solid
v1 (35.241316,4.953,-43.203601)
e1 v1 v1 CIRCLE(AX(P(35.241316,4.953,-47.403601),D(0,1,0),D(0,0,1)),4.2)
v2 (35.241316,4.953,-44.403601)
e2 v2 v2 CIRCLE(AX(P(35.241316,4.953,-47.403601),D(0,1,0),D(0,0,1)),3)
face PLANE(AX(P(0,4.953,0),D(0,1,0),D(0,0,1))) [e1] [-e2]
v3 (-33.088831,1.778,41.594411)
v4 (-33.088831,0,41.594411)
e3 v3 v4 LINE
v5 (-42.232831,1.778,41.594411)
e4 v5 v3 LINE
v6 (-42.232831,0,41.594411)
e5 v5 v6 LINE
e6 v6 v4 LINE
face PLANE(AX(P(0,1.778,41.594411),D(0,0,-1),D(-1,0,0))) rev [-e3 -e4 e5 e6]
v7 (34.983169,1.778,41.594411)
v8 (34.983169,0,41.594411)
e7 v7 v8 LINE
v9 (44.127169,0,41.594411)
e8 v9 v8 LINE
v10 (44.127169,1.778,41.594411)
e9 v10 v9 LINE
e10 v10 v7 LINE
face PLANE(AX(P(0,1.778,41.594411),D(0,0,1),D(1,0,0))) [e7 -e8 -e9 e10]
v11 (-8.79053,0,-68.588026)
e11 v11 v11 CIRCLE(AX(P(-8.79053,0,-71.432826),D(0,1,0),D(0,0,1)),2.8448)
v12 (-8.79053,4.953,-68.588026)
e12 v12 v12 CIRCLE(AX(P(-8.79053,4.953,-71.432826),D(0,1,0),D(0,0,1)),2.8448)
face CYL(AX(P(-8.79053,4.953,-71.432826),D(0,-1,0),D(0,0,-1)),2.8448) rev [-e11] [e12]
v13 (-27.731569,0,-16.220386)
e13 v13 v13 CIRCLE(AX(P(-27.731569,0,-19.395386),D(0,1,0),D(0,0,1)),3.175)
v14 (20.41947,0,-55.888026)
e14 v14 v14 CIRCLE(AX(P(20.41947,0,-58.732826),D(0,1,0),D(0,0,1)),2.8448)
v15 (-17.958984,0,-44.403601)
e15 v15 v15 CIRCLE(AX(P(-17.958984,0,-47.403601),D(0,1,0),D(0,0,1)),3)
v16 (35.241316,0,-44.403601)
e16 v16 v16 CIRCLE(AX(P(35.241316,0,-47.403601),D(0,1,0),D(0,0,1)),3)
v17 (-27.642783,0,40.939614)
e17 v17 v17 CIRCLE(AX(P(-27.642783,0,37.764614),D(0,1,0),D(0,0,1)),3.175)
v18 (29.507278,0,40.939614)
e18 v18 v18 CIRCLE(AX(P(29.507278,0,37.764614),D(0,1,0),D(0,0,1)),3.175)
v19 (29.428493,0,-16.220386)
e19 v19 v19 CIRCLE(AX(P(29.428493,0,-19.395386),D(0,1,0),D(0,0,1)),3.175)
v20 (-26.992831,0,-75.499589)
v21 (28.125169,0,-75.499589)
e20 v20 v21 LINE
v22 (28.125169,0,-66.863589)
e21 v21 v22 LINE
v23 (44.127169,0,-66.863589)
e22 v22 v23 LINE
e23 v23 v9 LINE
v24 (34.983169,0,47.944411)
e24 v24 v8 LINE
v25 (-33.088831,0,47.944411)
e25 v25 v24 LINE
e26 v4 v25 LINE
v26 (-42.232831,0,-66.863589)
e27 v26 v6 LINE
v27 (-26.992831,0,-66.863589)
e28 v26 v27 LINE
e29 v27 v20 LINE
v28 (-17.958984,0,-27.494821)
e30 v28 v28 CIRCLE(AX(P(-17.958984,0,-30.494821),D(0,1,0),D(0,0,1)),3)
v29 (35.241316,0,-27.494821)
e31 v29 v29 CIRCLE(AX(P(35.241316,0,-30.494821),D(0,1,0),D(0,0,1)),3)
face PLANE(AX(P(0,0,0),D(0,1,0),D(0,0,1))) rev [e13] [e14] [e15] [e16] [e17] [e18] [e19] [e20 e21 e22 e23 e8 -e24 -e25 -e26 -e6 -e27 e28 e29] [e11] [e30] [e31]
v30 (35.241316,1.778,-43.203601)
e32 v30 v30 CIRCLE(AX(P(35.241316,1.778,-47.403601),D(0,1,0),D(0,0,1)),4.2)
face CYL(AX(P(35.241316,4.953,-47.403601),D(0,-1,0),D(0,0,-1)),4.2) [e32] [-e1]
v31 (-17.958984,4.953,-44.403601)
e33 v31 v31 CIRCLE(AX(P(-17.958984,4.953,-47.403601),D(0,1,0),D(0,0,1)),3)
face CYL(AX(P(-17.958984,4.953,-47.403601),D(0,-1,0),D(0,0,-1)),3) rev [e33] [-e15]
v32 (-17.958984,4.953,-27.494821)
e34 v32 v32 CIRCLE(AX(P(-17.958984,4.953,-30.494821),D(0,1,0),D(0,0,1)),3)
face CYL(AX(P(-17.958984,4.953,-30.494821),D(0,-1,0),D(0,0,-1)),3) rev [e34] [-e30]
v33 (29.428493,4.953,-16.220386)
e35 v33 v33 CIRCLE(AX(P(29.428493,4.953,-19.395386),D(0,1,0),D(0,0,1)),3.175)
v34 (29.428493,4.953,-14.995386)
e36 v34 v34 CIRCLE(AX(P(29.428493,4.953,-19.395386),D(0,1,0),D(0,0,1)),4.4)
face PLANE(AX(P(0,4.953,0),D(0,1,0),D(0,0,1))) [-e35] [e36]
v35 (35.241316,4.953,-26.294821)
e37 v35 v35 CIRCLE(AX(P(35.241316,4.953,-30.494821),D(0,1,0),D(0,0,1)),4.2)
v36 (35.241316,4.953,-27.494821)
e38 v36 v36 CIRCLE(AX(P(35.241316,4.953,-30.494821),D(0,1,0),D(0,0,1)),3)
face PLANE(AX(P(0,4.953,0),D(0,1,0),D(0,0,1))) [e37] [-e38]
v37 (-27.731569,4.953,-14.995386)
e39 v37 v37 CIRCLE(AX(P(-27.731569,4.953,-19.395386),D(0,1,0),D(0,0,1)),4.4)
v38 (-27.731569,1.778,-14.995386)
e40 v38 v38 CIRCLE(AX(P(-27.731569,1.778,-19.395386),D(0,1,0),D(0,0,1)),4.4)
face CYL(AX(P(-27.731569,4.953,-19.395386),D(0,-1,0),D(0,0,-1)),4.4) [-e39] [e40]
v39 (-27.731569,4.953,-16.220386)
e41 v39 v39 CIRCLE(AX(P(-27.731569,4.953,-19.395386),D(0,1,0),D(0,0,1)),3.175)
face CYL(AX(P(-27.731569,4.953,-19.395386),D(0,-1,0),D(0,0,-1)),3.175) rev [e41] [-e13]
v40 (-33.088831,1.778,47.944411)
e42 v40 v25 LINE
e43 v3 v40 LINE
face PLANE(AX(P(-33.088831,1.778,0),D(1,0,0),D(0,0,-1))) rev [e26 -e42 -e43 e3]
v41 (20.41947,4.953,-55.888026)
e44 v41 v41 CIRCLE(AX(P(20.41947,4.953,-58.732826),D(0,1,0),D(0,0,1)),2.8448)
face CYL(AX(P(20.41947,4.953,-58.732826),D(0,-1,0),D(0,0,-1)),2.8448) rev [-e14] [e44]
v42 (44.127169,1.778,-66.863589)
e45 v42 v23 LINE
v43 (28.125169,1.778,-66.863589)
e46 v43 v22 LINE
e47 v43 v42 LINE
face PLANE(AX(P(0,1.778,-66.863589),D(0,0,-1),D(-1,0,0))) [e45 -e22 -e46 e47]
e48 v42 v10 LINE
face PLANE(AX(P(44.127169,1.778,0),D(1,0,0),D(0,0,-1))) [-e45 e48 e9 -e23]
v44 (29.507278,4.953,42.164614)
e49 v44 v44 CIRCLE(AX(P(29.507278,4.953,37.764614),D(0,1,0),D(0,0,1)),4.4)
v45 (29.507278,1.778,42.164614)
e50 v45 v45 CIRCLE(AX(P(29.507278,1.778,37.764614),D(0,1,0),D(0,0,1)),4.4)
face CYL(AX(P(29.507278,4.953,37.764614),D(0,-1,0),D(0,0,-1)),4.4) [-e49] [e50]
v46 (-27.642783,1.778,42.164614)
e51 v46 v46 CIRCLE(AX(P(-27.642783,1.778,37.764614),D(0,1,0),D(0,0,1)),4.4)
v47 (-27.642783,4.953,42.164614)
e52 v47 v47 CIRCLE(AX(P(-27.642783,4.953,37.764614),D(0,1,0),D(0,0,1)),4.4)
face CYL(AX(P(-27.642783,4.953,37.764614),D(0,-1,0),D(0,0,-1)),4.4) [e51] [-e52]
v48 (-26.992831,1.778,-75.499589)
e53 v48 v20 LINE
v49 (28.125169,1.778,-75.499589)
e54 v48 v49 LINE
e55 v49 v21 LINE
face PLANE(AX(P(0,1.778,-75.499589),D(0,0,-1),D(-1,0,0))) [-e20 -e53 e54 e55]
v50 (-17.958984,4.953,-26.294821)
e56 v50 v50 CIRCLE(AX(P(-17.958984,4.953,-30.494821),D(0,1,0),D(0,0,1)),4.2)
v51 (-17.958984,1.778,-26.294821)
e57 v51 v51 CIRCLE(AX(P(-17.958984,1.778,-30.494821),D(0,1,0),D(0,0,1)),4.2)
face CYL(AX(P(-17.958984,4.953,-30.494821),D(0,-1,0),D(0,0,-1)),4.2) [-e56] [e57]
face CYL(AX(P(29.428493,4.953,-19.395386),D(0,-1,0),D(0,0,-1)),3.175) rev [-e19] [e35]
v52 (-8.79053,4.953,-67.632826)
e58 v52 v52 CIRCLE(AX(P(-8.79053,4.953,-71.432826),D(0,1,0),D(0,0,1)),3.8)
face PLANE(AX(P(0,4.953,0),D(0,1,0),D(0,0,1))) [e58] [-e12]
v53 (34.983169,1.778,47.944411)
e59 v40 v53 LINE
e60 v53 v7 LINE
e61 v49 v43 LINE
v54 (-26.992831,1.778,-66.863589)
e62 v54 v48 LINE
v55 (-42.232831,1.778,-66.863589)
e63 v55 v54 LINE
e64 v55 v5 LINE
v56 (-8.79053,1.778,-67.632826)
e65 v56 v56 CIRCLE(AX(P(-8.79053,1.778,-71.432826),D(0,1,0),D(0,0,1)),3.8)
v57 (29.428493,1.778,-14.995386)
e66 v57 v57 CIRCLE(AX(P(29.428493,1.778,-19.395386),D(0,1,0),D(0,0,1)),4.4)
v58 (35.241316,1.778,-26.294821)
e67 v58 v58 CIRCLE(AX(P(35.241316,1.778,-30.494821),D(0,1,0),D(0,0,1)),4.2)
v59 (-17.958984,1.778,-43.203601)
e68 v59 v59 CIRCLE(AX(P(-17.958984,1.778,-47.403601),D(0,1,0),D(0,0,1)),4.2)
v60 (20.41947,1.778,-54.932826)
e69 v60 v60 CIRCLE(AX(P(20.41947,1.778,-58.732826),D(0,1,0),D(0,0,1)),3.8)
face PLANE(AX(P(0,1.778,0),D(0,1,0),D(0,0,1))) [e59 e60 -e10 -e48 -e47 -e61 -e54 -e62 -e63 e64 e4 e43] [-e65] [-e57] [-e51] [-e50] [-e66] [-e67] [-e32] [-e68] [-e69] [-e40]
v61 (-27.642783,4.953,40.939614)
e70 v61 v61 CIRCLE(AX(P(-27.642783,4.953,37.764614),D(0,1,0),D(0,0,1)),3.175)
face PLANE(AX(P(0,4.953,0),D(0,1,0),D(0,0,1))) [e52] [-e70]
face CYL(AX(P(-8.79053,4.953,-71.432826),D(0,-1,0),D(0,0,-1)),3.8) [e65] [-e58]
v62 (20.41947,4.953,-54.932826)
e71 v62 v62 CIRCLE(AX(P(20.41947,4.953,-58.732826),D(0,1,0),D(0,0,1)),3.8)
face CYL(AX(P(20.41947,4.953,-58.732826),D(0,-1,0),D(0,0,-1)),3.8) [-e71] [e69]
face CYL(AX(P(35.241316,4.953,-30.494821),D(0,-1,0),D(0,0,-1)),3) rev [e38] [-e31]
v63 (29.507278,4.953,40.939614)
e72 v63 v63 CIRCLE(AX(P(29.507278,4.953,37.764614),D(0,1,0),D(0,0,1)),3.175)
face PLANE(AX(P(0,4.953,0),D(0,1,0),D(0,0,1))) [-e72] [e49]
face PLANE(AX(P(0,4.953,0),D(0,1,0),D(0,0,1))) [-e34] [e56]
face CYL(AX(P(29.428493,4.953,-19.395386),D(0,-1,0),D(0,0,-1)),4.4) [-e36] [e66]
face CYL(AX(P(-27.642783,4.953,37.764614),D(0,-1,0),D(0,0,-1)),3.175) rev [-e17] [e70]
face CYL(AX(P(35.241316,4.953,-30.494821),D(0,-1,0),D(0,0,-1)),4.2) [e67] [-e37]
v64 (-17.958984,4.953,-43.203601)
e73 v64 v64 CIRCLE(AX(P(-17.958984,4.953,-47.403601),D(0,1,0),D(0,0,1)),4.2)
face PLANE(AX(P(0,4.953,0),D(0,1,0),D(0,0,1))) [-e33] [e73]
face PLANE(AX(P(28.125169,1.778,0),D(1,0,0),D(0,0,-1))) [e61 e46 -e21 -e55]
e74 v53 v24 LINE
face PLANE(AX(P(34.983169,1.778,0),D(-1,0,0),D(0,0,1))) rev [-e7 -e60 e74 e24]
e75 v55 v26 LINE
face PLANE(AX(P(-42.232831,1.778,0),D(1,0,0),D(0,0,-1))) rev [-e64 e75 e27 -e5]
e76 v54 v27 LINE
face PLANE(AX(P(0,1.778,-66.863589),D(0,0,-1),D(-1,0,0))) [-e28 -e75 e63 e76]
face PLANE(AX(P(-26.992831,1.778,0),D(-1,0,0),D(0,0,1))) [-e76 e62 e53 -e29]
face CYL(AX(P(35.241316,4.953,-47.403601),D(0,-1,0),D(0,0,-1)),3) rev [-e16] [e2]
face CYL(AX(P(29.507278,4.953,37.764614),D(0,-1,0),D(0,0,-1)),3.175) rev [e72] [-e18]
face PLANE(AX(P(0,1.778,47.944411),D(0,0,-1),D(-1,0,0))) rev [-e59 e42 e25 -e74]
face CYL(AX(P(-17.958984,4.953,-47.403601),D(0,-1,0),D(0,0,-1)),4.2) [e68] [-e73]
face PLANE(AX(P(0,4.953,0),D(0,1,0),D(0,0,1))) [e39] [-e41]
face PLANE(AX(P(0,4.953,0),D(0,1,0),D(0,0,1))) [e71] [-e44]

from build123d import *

# Parameters (mm, degrees)
SKETCH1_R           = 4.4
SKETCH1_R_2         = 4.2
SKETCH1_R_3         = 3.8
BOSS_EXTRUDE2_DEPTH = 1.778
SKETCH1_4_R         = 4.2
SKETCH1_4_R_2       = 3
SKETCH1_4_R_3       = 4.4
SKETCH1_4_R_4       = 3.175
SKETCH1_4_R_5       = 3.8
SKETCH1_4_R_6       = 2.8448
BOSS_EXTRUDE3_DEPTH = 4.953


with BuildPart() as part:
    # Sketch1 → Boss-Extrude2 (new body)
    with BuildSketch(Plane(origin=(0, 0, 0), x_dir=(1, 0, 0), z_dir=(0, 1, 0))):
        Polygon((-42.232830982, -41.594410903), (-33.088830982, -41.594410903), (-33.088830982, -47.944410903), (34.983169018, -47.944410903), (34.983169018, -41.594410903), (44.127169018, -41.594410903), (44.127169018, 66.863589097), (43.365169018, 66.863589097), (28.125169018, 66.863589097), (28.125169018, 75.499589097), (-26.992830982, 75.499589097), (-26.992830982, 66.863589097), (-42.232830982, 66.863589097), align=None)
        with Locations(Location((-27.642783289, -37.764613693, 0), (0, 0, 270))):
            Circle(SKETCH1_R, mode=Mode.SUBTRACT)
        with Locations(Location((29.507278107, -37.764613693, 0), (0, 0, 270))):
            Circle(SKETCH1_R, mode=Mode.SUBTRACT)
        with Locations(Location((-27.731568772, 19.395386307, 0), (0, 0, 270))):
            Circle(SKETCH1_R, mode=Mode.SUBTRACT)
        with Locations(Location((-17.958983642, 30.494821479, 0), (0, 0, 270))):
            Circle(SKETCH1_R_2, mode=Mode.SUBTRACT)
        with Locations(Location((-17.958983642, 47.403601479, 0), (0, 0, 270))):
            Circle(SKETCH1_R_2, mode=Mode.SUBTRACT)
        with Locations(Location((-8.7905296, 71.432825816, 0), (0, 0, 270))):
            Circle(SKETCH1_R_3, mode=Mode.SUBTRACT)
        with Locations(Location((29.428492634, 19.395386307, 0), (0, 0, 270))):
            Circle(SKETCH1_R, mode=Mode.SUBTRACT)
        with Locations(Location((35.241316358, 30.494821479, 0), (0, 0, 270))):
            Circle(SKETCH1_R_2, mode=Mode.SUBTRACT)
        with Locations(Location((20.4194704, 58.732825816, 0), (0, 0, 270))):
            Circle(SKETCH1_R_3, mode=Mode.SUBTRACT)
        with Locations(Location((35.241316358, 47.403601479, 0), (0, 0, 270))):
            Circle(SKETCH1_R_2, mode=Mode.SUBTRACT)
    extrude(amount=BOSS_EXTRUDE2_DEPTH)

    # Sketch1<4> → Boss-Extrude3 (add)
    # profile 1 of 10: a face of its own
    with BuildSketch(Plane(origin=(0, 0, 0), x_dir=(1, 0, 0), z_dir=(0, 1, 0))):
        with Locations(Location((-17.958983642, 47.403601479, 0), (0, 0, 270))):
            Circle(SKETCH1_4_R)
        with Locations(Location((-17.958983642, 47.403601479, 0), (0, 0, 270))):
            Circle(SKETCH1_4_R_2, mode=Mode.SUBTRACT)
    # profile 2 of 10: a face of its own
    with BuildSketch(Plane(origin=(0, 0, 0), x_dir=(1, 0, 0), z_dir=(0, 1, 0))):
        with Locations(Location((-17.958983642, 30.494821479, 0), (0, 0, 270))):
            Circle(SKETCH1_4_R)
        with Locations(Location((-17.958983642, 30.494821479, 0), (0, 0, 270))):
            Circle(SKETCH1_4_R_2, mode=Mode.SUBTRACT)
    # profile 3 of 10: a face of its own
    with BuildSketch(Plane(origin=(0, 0, 0), x_dir=(1, 0, 0), z_dir=(0, 1, 0))):
        with Locations(Location((35.241316358, 47.403601479, 0), (0, 0, 270))):
            Circle(SKETCH1_4_R)
        with Locations(Location((35.241316358, 47.403601479, 0), (0, 0, 270))):
            Circle(SKETCH1_4_R_2, mode=Mode.SUBTRACT)
    # profile 4 of 10: a face of its own
    with BuildSketch(Plane(origin=(0, 0, 0), x_dir=(1, 0, 0), z_dir=(0, 1, 0))):
        with Locations(Location((35.241316358, 30.494821479, 0), (0, 0, 270))):
            Circle(SKETCH1_4_R)
        with Locations(Location((35.241316358, 30.494821479, 0), (0, 0, 270))):
            Circle(SKETCH1_4_R_2, mode=Mode.SUBTRACT)
    # profile 5 of 10: a face of its own
    with BuildSketch(Plane(origin=(0, 0, 0), x_dir=(1, 0, 0), z_dir=(0, 1, 0))):
        with Locations(Location((-27.731568772, 19.395386307, 0), (0, 0, 270))):
            Circle(SKETCH1_4_R_3)
        with Locations(Location((-27.731568772, 19.395386307, 0), (0, 0, 270))):
            Circle(SKETCH1_4_R_4, mode=Mode.SUBTRACT)
    # profile 6 of 10: a face of its own
    with BuildSketch(Plane(origin=(0, 0, 0), x_dir=(1, 0, 0), z_dir=(0, 1, 0))):
        with Locations(Location((-27.642783289, -37.764613693, 0), (0, 0, 270))):
            Circle(SKETCH1_4_R_3)
        with Locations(Location((-27.642783289, -37.764613693, 0), (0, 0, 270))):
            Circle(SKETCH1_4_R_4, mode=Mode.SUBTRACT)
    # profile 7 of 10: a face of its own
    with BuildSketch(Plane(origin=(0, 0, 0), x_dir=(1, 0, 0), z_dir=(0, 1, 0))):
        with Locations(Location((29.507278107, -37.764613693, 0), (0, 0, 270))):
            Circle(SKETCH1_4_R_3)
        with Locations(Location((29.507278107, -37.764613693, 0), (0, 0, 270))):
            Circle(SKETCH1_4_R_4, mode=Mode.SUBTRACT)
    # profile 8 of 10: a face of its own
    with BuildSketch(Plane(origin=(0, 0, 0), x_dir=(1, 0, 0), z_dir=(0, 1, 0))):
        with Locations(Location((29.428492634, 19.395386307, 0), (0, 0, 270))):
            Circle(SKETCH1_4_R_3)
        with Locations(Location((29.428492634, 19.395386307, 0), (0, 0, 270))):
            Circle(SKETCH1_4_R_4, mode=Mode.SUBTRACT)
    # profile 9 of 10: a face of its own
    with BuildSketch(Plane(origin=(0, 0, 0), x_dir=(1, 0, 0), z_dir=(0, 1, 0))):
        with Locations(Location((-8.7905296, 71.432825816, 0), (0, 0, 270))):
            Circle(SKETCH1_4_R_5)
        with Locations(Location((-8.7905296, 71.432825816, 0), (0, 0, 270))):
            Circle(SKETCH1_4_R_6, mode=Mode.SUBTRACT)
    # profile 10 of 10: a face of its own
    with BuildSketch(Plane(origin=(0, 0, 0), x_dir=(1, 0, 0), z_dir=(0, 1, 0))):
        with Locations(Location((20.4194704, 58.732825816, 0), (0, 0, 270))):
            Circle(SKETCH1_4_R_5)
        with Locations(Location((20.4194704, 58.732825816, 0), (0, 0, 270))):
            Circle(SKETCH1_4_R_6, mode=Mode.SUBTRACT)
    extrude(amount=BOSS_EXTRUDE3_DEPTH)


solid = part.part
